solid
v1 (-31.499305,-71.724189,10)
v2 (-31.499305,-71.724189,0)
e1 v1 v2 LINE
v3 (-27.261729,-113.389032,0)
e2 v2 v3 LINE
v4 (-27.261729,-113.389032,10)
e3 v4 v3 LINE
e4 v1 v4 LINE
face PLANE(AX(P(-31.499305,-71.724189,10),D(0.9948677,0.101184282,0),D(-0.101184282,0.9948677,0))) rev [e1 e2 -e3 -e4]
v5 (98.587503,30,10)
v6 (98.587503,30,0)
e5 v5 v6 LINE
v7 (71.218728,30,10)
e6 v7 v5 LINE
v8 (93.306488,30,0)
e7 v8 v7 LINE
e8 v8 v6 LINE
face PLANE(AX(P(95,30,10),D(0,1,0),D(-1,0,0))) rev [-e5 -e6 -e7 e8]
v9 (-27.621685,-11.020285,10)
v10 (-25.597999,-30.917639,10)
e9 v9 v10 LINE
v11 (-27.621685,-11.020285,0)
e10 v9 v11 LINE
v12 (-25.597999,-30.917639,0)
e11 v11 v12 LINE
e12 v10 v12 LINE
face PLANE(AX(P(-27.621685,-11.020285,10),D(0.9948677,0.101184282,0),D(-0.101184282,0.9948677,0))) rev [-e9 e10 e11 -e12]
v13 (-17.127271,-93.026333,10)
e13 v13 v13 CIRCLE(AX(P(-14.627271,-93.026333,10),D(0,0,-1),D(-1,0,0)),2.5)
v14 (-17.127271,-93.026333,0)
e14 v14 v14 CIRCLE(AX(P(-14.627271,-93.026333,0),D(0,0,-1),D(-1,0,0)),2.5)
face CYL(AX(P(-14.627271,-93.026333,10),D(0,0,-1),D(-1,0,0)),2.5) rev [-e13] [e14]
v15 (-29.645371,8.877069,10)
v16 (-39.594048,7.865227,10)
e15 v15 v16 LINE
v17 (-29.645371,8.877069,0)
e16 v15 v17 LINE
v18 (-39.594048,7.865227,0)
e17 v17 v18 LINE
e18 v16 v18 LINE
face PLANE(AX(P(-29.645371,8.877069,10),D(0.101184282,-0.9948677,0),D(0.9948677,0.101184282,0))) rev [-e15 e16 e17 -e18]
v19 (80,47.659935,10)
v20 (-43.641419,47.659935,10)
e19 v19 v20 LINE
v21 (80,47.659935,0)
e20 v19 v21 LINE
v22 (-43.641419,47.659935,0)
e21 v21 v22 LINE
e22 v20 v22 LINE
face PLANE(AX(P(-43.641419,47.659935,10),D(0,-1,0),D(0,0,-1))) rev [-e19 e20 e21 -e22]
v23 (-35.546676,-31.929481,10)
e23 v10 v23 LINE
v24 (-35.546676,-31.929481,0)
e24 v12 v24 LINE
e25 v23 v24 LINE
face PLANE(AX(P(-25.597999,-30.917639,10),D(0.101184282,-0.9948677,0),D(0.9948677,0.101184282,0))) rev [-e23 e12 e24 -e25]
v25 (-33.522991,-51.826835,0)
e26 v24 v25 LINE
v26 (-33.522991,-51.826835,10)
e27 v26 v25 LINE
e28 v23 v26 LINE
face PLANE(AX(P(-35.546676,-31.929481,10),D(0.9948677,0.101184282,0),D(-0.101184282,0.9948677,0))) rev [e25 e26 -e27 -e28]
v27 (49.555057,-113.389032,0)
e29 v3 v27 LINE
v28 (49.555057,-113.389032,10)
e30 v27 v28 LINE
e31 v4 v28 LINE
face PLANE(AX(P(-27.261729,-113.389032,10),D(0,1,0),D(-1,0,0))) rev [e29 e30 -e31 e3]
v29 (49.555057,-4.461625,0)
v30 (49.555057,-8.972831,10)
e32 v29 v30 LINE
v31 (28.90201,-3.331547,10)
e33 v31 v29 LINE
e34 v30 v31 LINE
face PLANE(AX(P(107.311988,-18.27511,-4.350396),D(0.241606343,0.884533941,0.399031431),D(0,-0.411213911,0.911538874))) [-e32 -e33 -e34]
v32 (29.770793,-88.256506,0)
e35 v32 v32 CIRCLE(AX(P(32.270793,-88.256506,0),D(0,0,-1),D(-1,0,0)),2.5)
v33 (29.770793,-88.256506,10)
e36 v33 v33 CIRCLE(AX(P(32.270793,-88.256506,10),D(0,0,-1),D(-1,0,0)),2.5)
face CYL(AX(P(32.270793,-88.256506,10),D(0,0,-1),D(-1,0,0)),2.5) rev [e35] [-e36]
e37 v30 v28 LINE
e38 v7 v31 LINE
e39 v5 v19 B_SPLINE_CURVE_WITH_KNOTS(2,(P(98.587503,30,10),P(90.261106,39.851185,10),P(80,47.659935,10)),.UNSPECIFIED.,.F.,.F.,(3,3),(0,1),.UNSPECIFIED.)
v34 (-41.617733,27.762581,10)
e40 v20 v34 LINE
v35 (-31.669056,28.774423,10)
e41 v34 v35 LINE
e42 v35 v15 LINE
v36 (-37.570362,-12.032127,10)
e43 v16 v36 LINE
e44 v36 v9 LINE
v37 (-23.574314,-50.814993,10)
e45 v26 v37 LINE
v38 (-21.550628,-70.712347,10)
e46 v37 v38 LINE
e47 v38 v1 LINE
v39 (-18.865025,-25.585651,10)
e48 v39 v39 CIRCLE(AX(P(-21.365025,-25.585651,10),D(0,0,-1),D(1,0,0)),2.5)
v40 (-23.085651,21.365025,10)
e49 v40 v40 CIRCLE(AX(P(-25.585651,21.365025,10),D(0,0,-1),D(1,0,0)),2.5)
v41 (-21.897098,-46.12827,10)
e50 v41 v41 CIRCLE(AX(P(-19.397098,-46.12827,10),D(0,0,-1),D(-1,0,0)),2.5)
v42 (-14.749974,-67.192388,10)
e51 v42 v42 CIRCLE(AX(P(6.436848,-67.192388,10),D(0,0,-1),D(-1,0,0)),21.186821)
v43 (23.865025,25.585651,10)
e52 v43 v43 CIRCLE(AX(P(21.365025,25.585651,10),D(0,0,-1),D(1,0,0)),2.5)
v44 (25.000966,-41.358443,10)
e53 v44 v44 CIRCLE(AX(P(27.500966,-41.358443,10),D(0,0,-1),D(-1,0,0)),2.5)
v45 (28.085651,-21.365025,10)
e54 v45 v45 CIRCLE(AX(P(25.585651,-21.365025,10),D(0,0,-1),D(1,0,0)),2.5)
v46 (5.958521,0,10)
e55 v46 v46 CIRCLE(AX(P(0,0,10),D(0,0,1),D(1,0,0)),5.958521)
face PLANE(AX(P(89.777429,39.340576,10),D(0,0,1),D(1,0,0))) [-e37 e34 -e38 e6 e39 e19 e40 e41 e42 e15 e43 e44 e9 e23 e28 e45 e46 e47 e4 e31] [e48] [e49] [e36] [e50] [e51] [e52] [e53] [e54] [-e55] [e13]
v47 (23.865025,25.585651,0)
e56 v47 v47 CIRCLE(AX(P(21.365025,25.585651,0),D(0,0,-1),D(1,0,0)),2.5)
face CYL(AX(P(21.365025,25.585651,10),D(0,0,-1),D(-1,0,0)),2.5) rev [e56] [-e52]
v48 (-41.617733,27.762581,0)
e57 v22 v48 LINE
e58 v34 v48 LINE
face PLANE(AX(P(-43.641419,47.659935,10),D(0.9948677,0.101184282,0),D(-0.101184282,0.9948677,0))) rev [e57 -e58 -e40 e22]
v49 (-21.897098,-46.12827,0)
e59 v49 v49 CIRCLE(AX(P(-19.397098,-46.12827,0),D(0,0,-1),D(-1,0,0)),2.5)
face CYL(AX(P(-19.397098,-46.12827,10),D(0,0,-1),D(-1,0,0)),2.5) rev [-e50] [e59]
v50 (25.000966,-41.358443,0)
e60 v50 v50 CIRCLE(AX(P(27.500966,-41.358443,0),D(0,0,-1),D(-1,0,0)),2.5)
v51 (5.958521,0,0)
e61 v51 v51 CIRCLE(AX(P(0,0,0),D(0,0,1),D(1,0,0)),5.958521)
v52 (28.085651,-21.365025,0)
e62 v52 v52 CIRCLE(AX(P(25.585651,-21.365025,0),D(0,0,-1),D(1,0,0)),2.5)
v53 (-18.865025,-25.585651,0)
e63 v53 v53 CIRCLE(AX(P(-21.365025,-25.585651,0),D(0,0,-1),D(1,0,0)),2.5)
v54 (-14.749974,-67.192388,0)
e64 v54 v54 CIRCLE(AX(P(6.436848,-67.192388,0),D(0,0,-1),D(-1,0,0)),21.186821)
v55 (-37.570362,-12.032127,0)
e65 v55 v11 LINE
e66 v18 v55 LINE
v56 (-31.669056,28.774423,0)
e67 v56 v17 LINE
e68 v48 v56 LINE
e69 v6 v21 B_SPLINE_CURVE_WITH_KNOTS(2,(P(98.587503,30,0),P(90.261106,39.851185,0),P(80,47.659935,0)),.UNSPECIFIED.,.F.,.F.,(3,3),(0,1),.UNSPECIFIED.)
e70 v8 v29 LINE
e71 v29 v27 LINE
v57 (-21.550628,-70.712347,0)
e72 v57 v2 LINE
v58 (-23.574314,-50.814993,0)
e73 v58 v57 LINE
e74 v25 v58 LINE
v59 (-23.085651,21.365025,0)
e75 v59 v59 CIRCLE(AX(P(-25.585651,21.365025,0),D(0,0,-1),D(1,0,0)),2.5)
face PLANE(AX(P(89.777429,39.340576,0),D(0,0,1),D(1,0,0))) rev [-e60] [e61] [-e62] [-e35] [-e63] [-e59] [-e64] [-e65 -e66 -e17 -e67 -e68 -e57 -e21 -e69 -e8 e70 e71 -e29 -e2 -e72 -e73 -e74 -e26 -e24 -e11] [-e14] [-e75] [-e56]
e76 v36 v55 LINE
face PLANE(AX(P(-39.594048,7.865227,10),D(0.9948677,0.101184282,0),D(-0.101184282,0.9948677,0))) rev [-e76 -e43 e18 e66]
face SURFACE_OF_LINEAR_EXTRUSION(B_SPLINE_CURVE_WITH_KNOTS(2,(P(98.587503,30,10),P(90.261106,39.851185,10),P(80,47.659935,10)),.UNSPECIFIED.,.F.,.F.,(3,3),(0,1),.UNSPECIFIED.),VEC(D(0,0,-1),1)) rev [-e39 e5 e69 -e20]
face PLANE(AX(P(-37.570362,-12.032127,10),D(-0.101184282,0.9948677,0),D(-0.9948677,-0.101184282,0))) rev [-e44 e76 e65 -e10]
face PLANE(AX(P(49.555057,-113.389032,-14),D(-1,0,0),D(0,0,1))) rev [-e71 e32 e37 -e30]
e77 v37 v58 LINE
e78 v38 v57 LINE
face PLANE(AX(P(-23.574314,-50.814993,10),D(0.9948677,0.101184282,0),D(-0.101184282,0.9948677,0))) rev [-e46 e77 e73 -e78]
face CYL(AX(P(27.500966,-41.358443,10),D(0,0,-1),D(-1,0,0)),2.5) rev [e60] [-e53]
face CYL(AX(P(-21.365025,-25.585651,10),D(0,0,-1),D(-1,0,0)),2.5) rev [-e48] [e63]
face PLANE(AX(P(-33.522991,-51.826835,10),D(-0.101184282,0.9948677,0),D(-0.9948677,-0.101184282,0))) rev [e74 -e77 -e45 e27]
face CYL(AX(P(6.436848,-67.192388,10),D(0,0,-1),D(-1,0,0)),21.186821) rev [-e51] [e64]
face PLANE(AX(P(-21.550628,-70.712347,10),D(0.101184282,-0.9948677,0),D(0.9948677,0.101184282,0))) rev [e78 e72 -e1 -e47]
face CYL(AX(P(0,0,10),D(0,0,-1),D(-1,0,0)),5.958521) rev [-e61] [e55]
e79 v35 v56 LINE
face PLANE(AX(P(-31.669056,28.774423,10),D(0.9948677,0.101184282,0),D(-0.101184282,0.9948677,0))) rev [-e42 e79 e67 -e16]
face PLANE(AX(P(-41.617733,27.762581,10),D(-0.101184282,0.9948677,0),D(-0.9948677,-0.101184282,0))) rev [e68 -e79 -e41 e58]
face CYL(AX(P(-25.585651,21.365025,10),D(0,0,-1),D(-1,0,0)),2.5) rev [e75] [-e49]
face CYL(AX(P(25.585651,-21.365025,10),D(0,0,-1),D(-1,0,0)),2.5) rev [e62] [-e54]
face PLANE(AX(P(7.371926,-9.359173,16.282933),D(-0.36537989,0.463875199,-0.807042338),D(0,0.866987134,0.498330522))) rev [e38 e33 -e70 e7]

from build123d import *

# Parameters (mm, degrees)
SKETCH1_R           = 5.958520806
BOSS_EXTRUDE1_DEPTH = 10
SKETCH4_R           = 21.186821389
SKETCH4_R_2         = 2.5
CUT_EXTRUDE4_DEPTH  = 10
CUT_EXTRUDE5_DEPTH  = 24
CUT_EXTRUDE8_DEPTH  = 24
CUT_EXTRUDE9_DEPTH  = 24


with BuildPart() as part:
    # Sketch1 → Boss-Extrude1 (new body)
    with BuildSketch(Plane.XY):
        with BuildLine():
            Line((-43.641418847, 47.659934688), (-41.617733216, 27.762580681))
            Line((-41.617733216, 27.762580681), (-31.669056213, 28.774423496))
            Line((-31.669056213, 28.774423496), (-29.645370582, 8.877069489))
            Line((-29.645370582, 8.877069489), (-39.594047586, 7.865226674))
            Line((-39.594047586, 7.865226674), (-37.570361955, -12.032127333))
            Line((-37.570361955, -12.032127333), (-27.621684952, -11.020284517))
            Line((-27.621684952, -11.020284517), (-25.597999321, -30.917638524))
            Line((-25.597999321, -30.917638524), (-35.546676324, -31.929481339))
            Line((-35.546676324, -31.929481339), (-33.522990694, -51.826835346))
            Line((-33.522990694, -51.826835346), (-23.57431369, -50.814992531))
            Line((-23.57431369, -50.814992531), (-21.55062806, -70.712346537))
            Line((-21.55062806, -70.712346537), (-31.499305063, -71.724189353))
            Line((-31.499305063, -71.724189353), (-27.26172937, -113.389032166))
            Line((-27.26172937, -113.389032166), (95, -113.389032166))
            Line((95, -113.389032166), (95, 30.000000002))
            Line((95, 30.000000002), (98.587503094, 30.000000003))
            add(Edge.make_bspline(
                [(80, 47.659934688), (90.261106229, 39.851185476), (98.587503094, 30.000000003)],
                knots=[0, 0, 0, 1, 1, 1], degree=2))
            Line((80, 47.659934688), (-43.641418847, 47.659934688))
        make_face()
        Circle(SKETCH1_R, mode=Mode.SUBTRACT)
    extrude(amount=BOSS_EXTRUDE1_DEPTH)

    # Sketch4 → Cut-Extrude4 (cut)
    with BuildSketch(Plane(origin=(0, 0, 0), x_dir=(-1, 0, 0), z_dir=(0, 0, -1))):
        with Locations((-6.436847568, -67.192387913)):
            Circle(SKETCH4_R)
        with Locations((25.585650799, 21.365024531)):
            Circle(SKETCH4_R_2)
        with Locations((-21.365024531, 25.585650799)):
            Circle(SKETCH4_R_2)
        with Locations((14.627270614, -93.026333125)):
            Circle(SKETCH4_R_2)
        with Locations((-32.27079278, -88.256506094)):
            Circle(SKETCH4_R_2)
        with Locations((19.397097645, -46.128269731)):
            Circle(SKETCH4_R_2)
        with Locations((-27.500965749, -41.3584427)):
            Circle(SKETCH4_R_2)
        with Locations((-25.585650799, -21.365024531)):
            Circle(SKETCH4_R_2)
        with Locations((21.365024531, -25.585650799)):
            Circle(SKETCH4_R_2)
    extrude(amount=-CUT_EXTRUDE4_DEPTH, mode=Mode.SUBTRACT)

    # Sketch5 → Cut-Extrude5 (cut)
    with BuildSketch(Plane(origin=(-775.166388991, -380.154744581, 157.441443413), x_dir=(0.8989571240617148, -0.04918848761777317, -0.4352661045665824), z_dir=(0.3653798901208958, -0.4638751992455826, 0.807042338059233))):
        Polygon((845.932415327, 510.73775684), (653.191404901, 500.019526219), (653.191404901, 468.74716356), (845.932415327, 468.74716356), align=None)
    extrude(amount=CUT_EXTRUDE5_DEPTH, mode=Mode.SUBTRACT)

    # Sketch6 → Cut-Extrude8 (cut)
    with BuildSketch(Plane.XZ.offset(-29.999999993)):
        Polygon((93.306488259, 0), (98.587503096, 0), (98.587503096, 10), (71.218728104, 10), align=None)
    extrude(amount=CUT_EXTRUDE8_DEPTH, mode=Mode.SUBTRACT)

    # Sketch7 → Cut-Extrude9 (cut)
    with BuildSketch(Plane.XY.offset(10)):
        Polygon((95, -113.389032166), (49.555056821, -113.389032166), (49.555056821, -4.461625106), (95, 0), align=None)
    extrude(amount=-CUT_EXTRUDE9_DEPTH, mode=Mode.SUBTRACT)


solid = part.part
